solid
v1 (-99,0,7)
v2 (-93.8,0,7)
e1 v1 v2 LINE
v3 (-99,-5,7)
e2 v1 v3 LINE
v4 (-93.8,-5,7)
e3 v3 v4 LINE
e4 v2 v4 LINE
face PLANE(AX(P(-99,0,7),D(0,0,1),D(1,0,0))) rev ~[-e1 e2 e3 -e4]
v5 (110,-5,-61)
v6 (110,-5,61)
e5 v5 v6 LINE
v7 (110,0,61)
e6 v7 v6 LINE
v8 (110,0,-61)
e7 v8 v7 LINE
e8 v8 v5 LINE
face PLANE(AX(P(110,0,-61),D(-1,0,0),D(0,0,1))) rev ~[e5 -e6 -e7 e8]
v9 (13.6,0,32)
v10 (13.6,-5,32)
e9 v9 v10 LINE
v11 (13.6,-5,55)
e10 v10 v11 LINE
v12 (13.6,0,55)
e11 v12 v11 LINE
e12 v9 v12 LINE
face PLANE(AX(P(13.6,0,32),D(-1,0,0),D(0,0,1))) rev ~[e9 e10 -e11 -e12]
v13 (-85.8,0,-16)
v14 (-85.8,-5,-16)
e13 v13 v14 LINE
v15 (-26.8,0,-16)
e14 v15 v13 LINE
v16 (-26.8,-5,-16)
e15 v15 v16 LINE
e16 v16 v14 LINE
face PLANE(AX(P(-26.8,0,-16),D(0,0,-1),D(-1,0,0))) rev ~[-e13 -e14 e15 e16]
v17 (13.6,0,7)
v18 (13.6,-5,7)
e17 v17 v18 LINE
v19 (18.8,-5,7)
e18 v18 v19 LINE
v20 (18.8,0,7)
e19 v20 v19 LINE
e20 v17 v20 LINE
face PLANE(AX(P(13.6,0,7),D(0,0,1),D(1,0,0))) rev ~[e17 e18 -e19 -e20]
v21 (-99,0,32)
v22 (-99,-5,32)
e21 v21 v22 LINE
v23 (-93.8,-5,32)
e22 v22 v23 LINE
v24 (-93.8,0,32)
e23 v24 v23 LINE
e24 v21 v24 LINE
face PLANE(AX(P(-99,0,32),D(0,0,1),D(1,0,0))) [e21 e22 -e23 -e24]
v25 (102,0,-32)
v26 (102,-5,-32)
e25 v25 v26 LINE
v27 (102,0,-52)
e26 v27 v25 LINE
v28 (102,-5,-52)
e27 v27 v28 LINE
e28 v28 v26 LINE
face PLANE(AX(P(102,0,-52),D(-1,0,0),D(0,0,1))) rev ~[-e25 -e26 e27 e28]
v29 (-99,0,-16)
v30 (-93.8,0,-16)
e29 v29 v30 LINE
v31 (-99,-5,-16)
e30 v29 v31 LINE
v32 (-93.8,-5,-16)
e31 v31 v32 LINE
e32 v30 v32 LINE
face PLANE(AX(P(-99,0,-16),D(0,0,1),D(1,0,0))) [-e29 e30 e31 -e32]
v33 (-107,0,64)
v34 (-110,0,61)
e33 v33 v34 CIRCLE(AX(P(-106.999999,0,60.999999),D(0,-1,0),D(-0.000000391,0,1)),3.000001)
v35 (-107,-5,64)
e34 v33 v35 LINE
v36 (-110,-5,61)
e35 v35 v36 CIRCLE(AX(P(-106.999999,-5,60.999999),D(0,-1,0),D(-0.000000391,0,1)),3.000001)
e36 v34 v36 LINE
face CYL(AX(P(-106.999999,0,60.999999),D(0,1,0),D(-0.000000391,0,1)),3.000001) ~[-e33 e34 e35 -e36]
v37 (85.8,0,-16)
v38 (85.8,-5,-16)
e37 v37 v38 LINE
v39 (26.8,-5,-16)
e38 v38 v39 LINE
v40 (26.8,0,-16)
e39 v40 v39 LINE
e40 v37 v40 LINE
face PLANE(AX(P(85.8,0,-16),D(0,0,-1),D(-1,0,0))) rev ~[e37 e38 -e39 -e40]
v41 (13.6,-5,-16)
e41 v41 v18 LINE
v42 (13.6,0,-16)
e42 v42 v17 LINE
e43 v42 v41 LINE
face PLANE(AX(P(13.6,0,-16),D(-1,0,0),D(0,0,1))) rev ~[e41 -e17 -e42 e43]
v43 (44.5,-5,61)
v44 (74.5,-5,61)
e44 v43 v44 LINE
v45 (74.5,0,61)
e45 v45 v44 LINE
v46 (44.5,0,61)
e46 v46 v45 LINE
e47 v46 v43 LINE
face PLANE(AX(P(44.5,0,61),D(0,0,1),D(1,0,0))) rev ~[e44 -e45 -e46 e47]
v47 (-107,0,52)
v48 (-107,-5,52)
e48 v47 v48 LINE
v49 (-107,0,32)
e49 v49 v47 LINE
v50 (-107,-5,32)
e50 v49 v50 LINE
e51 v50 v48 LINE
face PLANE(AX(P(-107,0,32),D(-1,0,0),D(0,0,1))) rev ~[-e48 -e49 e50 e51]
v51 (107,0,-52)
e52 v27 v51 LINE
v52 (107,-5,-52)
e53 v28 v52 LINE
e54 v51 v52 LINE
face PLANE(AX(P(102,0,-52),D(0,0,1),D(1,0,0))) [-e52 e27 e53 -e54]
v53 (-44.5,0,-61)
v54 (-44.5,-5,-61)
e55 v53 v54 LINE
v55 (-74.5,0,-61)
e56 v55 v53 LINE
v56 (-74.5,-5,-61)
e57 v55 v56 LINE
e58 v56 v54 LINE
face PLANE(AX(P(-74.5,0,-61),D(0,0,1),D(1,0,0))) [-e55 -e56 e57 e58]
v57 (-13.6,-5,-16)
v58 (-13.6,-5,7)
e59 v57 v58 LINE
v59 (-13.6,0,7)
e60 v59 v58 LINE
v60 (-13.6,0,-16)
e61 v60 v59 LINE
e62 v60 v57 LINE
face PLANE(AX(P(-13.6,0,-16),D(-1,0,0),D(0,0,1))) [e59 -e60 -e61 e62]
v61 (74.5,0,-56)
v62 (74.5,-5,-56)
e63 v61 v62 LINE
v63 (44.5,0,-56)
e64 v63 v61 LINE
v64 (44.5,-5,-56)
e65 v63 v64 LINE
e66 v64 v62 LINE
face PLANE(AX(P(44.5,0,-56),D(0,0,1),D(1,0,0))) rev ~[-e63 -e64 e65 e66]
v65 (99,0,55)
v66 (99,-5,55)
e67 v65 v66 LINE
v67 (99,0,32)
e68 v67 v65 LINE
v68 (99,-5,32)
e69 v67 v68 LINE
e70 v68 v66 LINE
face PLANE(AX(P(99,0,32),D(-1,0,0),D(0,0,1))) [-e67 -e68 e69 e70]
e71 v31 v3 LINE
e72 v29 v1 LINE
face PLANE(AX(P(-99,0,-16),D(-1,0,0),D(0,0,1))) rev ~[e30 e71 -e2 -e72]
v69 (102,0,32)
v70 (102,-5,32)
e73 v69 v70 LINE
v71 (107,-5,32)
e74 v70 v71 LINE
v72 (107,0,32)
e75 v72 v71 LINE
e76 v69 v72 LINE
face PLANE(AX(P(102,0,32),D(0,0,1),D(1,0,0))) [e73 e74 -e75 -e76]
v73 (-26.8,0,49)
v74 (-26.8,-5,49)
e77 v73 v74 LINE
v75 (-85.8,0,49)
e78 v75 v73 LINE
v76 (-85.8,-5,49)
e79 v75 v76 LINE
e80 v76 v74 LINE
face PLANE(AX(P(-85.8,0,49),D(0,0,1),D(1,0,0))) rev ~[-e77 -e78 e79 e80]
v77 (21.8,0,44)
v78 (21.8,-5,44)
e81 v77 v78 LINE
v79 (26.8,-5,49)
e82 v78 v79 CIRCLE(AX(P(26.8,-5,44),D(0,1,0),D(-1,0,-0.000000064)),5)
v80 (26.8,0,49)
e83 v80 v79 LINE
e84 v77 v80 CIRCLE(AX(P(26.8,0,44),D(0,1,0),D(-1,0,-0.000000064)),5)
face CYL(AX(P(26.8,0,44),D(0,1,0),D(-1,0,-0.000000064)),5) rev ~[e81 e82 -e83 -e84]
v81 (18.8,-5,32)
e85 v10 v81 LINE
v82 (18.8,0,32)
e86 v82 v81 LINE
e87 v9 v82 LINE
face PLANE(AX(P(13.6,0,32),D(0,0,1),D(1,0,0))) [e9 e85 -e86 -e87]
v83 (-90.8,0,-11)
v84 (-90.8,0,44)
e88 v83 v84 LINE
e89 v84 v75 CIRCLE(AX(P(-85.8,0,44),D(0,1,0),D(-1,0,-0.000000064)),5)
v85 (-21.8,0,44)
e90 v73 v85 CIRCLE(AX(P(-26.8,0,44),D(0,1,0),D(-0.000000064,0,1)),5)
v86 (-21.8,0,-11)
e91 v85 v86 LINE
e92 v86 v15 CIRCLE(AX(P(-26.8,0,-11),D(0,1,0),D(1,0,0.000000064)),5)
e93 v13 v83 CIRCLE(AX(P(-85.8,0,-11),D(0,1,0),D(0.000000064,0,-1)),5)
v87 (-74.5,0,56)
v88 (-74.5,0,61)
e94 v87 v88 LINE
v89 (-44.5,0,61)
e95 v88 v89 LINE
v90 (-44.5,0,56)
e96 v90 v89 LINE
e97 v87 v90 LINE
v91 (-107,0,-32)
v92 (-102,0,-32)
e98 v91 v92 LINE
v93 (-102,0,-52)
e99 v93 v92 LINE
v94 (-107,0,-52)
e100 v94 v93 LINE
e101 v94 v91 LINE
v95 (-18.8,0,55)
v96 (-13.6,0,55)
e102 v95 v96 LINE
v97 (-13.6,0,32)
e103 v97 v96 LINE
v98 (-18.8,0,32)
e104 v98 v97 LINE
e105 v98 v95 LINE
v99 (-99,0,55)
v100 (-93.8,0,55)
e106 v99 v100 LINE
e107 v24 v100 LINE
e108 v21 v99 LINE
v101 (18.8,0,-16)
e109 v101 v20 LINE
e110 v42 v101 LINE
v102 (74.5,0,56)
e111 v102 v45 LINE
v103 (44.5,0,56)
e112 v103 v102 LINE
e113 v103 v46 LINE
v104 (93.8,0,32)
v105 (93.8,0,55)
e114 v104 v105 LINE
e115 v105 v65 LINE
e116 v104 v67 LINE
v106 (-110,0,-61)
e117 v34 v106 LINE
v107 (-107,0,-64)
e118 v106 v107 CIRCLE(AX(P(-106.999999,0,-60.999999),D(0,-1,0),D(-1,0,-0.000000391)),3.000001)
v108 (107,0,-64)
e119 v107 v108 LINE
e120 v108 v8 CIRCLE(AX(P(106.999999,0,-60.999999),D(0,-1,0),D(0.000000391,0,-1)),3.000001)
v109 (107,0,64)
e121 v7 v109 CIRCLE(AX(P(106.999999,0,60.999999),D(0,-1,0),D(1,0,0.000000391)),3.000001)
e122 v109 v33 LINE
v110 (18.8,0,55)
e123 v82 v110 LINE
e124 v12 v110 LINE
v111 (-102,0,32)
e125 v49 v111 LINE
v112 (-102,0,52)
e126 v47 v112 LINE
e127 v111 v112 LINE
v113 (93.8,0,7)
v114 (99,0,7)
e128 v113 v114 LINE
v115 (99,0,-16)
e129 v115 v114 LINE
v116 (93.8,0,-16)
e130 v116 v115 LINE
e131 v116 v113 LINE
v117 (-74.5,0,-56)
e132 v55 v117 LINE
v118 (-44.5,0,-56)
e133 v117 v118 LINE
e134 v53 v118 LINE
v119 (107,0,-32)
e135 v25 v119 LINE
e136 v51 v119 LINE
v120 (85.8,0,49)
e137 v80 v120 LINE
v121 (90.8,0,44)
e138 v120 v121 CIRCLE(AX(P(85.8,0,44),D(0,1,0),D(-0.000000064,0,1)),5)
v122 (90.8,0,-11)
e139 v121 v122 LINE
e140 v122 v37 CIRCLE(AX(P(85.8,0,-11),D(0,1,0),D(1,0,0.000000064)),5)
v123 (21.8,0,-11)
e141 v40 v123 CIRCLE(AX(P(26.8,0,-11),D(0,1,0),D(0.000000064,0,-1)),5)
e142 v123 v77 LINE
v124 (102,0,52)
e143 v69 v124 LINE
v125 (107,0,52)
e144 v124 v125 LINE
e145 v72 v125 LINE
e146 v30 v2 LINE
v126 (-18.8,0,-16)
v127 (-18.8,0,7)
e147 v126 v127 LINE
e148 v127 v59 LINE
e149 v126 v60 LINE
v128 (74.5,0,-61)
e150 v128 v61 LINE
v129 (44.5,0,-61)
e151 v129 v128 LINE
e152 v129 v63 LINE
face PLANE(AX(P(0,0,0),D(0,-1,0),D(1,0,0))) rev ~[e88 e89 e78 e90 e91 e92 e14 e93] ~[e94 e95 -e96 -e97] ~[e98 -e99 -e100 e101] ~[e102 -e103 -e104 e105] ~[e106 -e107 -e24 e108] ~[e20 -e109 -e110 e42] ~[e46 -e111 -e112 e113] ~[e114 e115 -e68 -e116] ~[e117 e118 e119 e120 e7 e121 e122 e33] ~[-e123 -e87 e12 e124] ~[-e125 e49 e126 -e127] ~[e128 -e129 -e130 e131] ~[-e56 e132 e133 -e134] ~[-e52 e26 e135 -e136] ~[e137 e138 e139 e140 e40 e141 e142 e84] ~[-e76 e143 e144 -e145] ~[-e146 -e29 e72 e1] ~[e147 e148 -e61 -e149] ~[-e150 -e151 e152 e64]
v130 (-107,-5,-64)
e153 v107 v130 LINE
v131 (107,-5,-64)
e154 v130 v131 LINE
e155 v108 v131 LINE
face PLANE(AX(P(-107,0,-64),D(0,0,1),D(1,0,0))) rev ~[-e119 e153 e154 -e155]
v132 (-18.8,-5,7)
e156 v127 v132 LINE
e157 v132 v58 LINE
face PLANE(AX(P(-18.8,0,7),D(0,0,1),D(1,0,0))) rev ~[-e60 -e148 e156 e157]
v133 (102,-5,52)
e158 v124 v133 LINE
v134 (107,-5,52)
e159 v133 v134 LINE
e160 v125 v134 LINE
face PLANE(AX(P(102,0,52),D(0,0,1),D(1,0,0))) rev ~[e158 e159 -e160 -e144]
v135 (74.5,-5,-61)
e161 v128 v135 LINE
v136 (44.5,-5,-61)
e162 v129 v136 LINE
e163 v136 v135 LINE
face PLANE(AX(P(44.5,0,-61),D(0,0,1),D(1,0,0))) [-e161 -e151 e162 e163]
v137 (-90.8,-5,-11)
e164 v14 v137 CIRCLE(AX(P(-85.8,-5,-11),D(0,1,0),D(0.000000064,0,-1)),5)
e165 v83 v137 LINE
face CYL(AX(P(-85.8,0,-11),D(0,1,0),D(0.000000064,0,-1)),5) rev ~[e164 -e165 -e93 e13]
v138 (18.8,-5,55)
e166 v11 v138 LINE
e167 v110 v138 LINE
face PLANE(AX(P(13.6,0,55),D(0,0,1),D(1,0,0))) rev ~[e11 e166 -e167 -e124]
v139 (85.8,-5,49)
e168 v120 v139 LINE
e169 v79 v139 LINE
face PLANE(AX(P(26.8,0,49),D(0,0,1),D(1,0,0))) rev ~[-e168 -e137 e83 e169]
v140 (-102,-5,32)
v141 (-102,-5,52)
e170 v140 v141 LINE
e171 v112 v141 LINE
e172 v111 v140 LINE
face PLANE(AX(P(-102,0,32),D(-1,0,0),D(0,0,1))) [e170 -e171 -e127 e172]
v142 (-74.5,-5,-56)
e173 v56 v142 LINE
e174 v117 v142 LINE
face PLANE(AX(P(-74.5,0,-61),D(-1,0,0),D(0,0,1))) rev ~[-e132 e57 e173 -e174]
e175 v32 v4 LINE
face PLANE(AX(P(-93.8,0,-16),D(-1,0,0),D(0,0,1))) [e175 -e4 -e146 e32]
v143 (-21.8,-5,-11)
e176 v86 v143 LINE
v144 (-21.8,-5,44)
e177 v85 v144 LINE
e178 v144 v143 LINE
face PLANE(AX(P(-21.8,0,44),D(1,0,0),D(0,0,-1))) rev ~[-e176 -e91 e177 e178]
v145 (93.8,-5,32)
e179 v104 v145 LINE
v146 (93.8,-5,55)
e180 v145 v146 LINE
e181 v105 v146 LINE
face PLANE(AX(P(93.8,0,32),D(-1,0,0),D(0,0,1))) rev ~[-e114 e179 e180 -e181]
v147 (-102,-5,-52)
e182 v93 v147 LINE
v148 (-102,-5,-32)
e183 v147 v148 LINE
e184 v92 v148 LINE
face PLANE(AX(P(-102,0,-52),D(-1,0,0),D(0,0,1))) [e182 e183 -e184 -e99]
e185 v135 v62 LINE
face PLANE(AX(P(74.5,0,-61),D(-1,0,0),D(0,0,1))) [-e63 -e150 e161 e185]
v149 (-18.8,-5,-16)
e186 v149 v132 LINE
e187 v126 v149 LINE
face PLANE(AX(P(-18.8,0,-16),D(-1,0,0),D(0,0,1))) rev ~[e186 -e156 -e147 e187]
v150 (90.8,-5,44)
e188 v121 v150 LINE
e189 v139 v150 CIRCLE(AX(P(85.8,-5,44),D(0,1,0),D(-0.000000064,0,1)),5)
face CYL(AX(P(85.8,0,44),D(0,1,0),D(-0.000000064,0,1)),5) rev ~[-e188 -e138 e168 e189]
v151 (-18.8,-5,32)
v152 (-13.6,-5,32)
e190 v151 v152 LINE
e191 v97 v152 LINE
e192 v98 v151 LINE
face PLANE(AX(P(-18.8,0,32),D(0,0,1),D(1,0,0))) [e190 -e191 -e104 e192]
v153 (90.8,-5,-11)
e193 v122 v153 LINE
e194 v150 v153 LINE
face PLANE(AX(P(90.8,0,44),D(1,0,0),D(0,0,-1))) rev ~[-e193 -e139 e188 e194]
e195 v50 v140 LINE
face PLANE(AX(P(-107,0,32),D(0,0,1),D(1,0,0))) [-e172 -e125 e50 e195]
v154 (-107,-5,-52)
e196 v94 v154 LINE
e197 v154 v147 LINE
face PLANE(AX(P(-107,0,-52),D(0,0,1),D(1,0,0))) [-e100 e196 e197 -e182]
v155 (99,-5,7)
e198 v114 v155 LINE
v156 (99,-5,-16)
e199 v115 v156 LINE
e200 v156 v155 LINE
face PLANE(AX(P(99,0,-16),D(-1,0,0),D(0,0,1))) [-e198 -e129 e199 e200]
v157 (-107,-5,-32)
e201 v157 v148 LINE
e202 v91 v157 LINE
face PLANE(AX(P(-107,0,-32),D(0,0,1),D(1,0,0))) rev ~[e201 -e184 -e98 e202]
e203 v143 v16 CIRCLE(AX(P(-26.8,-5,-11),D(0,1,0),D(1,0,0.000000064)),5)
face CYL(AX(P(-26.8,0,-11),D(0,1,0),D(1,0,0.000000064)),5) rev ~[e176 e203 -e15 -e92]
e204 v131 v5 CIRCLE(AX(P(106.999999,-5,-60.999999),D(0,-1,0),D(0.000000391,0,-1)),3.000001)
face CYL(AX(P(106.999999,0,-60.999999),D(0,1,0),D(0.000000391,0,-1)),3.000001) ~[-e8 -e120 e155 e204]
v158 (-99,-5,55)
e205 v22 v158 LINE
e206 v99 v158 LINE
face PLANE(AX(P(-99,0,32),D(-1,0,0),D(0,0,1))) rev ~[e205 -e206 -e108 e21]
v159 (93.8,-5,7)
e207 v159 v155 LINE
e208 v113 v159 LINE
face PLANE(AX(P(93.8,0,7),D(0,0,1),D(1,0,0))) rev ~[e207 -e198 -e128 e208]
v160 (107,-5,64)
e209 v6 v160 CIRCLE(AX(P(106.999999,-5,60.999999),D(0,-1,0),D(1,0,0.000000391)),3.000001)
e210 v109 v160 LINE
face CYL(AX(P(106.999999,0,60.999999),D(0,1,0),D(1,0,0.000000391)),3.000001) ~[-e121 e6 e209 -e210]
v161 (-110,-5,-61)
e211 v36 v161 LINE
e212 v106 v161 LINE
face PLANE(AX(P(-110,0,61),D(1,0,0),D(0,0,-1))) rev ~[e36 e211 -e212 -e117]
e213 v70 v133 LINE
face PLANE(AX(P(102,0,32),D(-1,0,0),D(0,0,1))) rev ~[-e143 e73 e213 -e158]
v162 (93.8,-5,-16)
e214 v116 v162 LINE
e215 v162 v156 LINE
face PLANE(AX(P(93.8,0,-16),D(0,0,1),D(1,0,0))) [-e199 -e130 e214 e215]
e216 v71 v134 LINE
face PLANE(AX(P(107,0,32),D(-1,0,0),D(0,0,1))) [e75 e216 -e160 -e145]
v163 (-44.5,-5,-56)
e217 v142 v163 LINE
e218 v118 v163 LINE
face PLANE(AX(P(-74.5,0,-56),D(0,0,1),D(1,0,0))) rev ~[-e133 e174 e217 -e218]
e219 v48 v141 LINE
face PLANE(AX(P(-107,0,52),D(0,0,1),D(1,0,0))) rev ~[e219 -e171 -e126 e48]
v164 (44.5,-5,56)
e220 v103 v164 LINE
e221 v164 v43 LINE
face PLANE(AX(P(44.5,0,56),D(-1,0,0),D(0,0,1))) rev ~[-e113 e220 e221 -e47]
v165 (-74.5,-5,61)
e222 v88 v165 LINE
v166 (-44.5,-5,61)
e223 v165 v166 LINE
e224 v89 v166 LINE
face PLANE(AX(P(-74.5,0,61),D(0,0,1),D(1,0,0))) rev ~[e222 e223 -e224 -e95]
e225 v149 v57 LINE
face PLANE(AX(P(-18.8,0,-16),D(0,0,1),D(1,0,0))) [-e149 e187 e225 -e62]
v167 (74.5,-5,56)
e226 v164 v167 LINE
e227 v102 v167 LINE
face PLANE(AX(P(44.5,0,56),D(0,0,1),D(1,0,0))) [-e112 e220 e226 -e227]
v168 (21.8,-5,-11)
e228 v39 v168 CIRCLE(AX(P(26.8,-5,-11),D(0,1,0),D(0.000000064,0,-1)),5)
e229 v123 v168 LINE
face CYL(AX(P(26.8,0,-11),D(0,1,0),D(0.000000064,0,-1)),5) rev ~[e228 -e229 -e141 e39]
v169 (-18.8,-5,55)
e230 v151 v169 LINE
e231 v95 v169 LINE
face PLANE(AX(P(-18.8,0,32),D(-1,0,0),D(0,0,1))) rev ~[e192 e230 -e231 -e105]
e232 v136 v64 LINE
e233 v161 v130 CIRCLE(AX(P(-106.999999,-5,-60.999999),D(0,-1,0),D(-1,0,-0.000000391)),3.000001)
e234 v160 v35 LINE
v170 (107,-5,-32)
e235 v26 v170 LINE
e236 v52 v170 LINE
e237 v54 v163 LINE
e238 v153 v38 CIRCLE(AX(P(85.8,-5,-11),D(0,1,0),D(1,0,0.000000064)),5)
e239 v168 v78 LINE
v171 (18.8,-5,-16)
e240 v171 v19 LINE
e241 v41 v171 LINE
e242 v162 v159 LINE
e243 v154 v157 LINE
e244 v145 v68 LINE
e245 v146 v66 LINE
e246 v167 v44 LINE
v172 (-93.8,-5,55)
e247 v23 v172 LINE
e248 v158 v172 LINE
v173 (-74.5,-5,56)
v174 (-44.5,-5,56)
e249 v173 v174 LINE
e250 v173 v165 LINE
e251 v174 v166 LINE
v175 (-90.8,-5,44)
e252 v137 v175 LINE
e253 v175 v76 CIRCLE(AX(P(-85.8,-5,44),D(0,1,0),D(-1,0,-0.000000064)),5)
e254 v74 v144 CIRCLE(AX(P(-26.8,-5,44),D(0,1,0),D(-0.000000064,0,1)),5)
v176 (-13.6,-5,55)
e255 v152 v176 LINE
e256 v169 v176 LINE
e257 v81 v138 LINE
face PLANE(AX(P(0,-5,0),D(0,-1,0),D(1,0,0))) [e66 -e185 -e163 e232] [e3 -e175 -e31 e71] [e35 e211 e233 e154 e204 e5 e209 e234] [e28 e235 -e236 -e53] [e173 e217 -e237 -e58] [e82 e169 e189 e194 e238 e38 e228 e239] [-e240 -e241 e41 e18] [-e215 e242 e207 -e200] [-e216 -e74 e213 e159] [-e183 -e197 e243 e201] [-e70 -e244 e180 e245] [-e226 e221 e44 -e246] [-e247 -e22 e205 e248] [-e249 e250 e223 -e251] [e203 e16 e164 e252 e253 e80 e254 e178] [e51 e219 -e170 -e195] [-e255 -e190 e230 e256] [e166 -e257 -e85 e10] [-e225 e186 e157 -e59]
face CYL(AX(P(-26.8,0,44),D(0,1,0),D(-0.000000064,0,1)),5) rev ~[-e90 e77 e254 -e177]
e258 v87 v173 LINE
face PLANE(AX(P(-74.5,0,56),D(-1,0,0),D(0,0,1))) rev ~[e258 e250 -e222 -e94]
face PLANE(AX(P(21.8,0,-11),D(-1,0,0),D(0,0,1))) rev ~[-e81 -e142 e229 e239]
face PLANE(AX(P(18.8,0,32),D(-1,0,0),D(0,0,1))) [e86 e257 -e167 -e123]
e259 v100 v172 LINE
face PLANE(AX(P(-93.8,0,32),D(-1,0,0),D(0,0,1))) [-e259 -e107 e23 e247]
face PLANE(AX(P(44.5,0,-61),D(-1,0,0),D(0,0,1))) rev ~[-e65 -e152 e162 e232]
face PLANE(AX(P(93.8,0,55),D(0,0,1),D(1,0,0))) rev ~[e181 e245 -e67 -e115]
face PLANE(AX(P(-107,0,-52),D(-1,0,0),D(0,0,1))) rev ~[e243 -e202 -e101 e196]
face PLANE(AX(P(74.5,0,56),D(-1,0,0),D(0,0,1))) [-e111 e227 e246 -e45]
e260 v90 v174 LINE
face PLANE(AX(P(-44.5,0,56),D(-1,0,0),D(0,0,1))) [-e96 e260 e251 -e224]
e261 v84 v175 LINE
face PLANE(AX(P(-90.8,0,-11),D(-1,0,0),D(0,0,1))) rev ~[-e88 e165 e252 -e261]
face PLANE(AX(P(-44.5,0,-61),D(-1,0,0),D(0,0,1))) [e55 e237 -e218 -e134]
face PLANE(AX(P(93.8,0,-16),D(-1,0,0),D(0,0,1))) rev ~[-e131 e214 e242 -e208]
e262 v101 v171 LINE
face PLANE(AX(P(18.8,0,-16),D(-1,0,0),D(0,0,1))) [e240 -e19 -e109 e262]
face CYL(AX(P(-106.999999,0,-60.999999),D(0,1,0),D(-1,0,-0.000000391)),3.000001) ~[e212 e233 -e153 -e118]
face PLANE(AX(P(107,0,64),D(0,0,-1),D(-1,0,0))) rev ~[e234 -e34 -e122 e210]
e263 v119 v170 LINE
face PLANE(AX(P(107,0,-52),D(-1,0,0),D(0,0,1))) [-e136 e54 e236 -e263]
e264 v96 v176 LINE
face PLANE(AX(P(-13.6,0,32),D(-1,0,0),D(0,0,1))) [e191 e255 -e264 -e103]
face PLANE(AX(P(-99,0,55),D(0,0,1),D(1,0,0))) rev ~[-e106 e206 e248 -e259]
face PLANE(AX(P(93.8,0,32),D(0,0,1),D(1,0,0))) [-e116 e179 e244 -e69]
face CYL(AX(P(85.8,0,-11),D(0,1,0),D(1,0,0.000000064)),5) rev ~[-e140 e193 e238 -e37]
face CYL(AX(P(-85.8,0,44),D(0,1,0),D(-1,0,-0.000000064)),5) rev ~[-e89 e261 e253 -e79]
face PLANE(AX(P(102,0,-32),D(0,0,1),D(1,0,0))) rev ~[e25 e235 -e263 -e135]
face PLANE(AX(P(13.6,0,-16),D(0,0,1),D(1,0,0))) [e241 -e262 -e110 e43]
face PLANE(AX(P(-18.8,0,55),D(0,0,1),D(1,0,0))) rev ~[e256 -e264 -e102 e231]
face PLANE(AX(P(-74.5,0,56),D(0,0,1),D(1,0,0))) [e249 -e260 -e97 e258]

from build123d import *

# Parameters (mm, degrees)
F0_W     = 30
F0_H     = 5
F0_W_2   = 5
F0_H_2   = 20
F0_W_3   = 5.2
F0_H_3   = 23
F1_DEPTH = 5


with BuildPart() as f1:
    # F0 (on Front) → F1 (new body)
    with BuildSketch(Plane.XZ):
        with BuildLine():
            Line((107, 64), (-107, 64))
            ThreePointArc((-107, 64), (-109.12132, 63.12132), (-110, 61))
            Line((-110, 61), (-110, -61))
            ThreePointArc((-110, -61), (-109.12132, -63.12132), (-107, -64))
            Line((-107, -64), (107, -64))
            ThreePointArc((107, -64), (109.12132, -63.12132), (110, -61))
            Line((110, -61), (110, 61))
            ThreePointArc((110, 61), (109.12132, 63.12132), (107, 64))
        make_face()
        with Locations((-59.5, -58.5)):
            Rectangle(F0_W, F0_H, mode=Mode.SUBTRACT)
        with Locations((-104.5, -42)):
            Rectangle(F0_W_2, F0_H_2, mode=Mode.SUBTRACT)
        with Locations((-96.4, -4.5)):
            Rectangle(F0_W_3, F0_H_3, mode=Mode.SUBTRACT)
        with Locations((-16.2, -4.5)):
            Rectangle(F0_W_3, F0_H_3, mode=Mode.SUBTRACT)
        with Locations((59.5, -58.5)):
            Rectangle(F0_W, F0_H, mode=Mode.SUBTRACT)
        with Locations((104.5, -42)):
            Rectangle(F0_W_2, F0_H_2, mode=Mode.SUBTRACT)
        with Locations((16.2, -4.5)):
            Rectangle(F0_W_3, F0_H_3, mode=Mode.SUBTRACT)
        with Locations((96.4, -4.5)):
            Rectangle(F0_W_3, F0_H_3, mode=Mode.SUBTRACT)
        with BuildLine():
            ThreePointArc((-90.8, 44), (-89.335534, 47.535534), (-85.8, 49))
            Line((-85.8, 49), (-26.8, 49))
            ThreePointArc((-26.8, 49), (-23.264466, 47.535534), (-21.8, 44))
            Line((-21.8, 44), (-21.8, -11))
            ThreePointArc((-21.8, -11), (-23.264466, -14.535534), (-26.8, -16))
            Line((-26.8, -16), (-85.8, -16))
            ThreePointArc((-85.8, -16), (-89.335534, -14.535534), (-90.8, -11))
            Line((-90.8, -11), (-90.8, 44))
        make_face(mode=Mode.SUBTRACT)
        with Locations((-104.5, 42)):
            Rectangle(F0_W_2, F0_H_2, mode=Mode.SUBTRACT)
        with Locations((-96.4, 43.5)):
            Rectangle(F0_W_3, F0_H_3, mode=Mode.SUBTRACT)
        with Locations((-59.5, 58.5)):
            Rectangle(F0_W, F0_H, mode=Mode.SUBTRACT)
        with Locations((-16.2, 43.5)):
            Rectangle(F0_W_3, F0_H_3, mode=Mode.SUBTRACT)
        with BuildLine():
            Line((85.8, -16), (26.8, -16))
            ThreePointArc((26.8, -16), (23.264466, -14.535534), (21.8, -11))
            Line((21.8, -11), (21.8, 44))
            ThreePointArc((21.8, 44), (23.264466, 47.535534), (26.8, 49))
            Line((26.8, 49), (85.8, 49))
            ThreePointArc((85.8, 49), (89.335534, 47.535534), (90.8, 44))
            Line((90.8, 44), (90.8, -11))
            ThreePointArc((90.8, -11), (89.335534, -14.535534), (85.8, -16))
        make_face(mode=Mode.SUBTRACT)
        with Locations((16.2, 43.5)):
            Rectangle(F0_W_3, F0_H_3, mode=Mode.SUBTRACT)
        with Locations((96.4, 43.5)):
            Rectangle(F0_W_3, F0_H_3, mode=Mode.SUBTRACT)
        with Locations((104.5, 42)):
            Rectangle(F0_W_2, F0_H_2, mode=Mode.SUBTRACT)
        with Locations((59.5, 58.5)):
            Rectangle(F0_W, F0_H, mode=Mode.SUBTRACT)
    extrude(amount=F1_DEPTH)


solid = f1.part
